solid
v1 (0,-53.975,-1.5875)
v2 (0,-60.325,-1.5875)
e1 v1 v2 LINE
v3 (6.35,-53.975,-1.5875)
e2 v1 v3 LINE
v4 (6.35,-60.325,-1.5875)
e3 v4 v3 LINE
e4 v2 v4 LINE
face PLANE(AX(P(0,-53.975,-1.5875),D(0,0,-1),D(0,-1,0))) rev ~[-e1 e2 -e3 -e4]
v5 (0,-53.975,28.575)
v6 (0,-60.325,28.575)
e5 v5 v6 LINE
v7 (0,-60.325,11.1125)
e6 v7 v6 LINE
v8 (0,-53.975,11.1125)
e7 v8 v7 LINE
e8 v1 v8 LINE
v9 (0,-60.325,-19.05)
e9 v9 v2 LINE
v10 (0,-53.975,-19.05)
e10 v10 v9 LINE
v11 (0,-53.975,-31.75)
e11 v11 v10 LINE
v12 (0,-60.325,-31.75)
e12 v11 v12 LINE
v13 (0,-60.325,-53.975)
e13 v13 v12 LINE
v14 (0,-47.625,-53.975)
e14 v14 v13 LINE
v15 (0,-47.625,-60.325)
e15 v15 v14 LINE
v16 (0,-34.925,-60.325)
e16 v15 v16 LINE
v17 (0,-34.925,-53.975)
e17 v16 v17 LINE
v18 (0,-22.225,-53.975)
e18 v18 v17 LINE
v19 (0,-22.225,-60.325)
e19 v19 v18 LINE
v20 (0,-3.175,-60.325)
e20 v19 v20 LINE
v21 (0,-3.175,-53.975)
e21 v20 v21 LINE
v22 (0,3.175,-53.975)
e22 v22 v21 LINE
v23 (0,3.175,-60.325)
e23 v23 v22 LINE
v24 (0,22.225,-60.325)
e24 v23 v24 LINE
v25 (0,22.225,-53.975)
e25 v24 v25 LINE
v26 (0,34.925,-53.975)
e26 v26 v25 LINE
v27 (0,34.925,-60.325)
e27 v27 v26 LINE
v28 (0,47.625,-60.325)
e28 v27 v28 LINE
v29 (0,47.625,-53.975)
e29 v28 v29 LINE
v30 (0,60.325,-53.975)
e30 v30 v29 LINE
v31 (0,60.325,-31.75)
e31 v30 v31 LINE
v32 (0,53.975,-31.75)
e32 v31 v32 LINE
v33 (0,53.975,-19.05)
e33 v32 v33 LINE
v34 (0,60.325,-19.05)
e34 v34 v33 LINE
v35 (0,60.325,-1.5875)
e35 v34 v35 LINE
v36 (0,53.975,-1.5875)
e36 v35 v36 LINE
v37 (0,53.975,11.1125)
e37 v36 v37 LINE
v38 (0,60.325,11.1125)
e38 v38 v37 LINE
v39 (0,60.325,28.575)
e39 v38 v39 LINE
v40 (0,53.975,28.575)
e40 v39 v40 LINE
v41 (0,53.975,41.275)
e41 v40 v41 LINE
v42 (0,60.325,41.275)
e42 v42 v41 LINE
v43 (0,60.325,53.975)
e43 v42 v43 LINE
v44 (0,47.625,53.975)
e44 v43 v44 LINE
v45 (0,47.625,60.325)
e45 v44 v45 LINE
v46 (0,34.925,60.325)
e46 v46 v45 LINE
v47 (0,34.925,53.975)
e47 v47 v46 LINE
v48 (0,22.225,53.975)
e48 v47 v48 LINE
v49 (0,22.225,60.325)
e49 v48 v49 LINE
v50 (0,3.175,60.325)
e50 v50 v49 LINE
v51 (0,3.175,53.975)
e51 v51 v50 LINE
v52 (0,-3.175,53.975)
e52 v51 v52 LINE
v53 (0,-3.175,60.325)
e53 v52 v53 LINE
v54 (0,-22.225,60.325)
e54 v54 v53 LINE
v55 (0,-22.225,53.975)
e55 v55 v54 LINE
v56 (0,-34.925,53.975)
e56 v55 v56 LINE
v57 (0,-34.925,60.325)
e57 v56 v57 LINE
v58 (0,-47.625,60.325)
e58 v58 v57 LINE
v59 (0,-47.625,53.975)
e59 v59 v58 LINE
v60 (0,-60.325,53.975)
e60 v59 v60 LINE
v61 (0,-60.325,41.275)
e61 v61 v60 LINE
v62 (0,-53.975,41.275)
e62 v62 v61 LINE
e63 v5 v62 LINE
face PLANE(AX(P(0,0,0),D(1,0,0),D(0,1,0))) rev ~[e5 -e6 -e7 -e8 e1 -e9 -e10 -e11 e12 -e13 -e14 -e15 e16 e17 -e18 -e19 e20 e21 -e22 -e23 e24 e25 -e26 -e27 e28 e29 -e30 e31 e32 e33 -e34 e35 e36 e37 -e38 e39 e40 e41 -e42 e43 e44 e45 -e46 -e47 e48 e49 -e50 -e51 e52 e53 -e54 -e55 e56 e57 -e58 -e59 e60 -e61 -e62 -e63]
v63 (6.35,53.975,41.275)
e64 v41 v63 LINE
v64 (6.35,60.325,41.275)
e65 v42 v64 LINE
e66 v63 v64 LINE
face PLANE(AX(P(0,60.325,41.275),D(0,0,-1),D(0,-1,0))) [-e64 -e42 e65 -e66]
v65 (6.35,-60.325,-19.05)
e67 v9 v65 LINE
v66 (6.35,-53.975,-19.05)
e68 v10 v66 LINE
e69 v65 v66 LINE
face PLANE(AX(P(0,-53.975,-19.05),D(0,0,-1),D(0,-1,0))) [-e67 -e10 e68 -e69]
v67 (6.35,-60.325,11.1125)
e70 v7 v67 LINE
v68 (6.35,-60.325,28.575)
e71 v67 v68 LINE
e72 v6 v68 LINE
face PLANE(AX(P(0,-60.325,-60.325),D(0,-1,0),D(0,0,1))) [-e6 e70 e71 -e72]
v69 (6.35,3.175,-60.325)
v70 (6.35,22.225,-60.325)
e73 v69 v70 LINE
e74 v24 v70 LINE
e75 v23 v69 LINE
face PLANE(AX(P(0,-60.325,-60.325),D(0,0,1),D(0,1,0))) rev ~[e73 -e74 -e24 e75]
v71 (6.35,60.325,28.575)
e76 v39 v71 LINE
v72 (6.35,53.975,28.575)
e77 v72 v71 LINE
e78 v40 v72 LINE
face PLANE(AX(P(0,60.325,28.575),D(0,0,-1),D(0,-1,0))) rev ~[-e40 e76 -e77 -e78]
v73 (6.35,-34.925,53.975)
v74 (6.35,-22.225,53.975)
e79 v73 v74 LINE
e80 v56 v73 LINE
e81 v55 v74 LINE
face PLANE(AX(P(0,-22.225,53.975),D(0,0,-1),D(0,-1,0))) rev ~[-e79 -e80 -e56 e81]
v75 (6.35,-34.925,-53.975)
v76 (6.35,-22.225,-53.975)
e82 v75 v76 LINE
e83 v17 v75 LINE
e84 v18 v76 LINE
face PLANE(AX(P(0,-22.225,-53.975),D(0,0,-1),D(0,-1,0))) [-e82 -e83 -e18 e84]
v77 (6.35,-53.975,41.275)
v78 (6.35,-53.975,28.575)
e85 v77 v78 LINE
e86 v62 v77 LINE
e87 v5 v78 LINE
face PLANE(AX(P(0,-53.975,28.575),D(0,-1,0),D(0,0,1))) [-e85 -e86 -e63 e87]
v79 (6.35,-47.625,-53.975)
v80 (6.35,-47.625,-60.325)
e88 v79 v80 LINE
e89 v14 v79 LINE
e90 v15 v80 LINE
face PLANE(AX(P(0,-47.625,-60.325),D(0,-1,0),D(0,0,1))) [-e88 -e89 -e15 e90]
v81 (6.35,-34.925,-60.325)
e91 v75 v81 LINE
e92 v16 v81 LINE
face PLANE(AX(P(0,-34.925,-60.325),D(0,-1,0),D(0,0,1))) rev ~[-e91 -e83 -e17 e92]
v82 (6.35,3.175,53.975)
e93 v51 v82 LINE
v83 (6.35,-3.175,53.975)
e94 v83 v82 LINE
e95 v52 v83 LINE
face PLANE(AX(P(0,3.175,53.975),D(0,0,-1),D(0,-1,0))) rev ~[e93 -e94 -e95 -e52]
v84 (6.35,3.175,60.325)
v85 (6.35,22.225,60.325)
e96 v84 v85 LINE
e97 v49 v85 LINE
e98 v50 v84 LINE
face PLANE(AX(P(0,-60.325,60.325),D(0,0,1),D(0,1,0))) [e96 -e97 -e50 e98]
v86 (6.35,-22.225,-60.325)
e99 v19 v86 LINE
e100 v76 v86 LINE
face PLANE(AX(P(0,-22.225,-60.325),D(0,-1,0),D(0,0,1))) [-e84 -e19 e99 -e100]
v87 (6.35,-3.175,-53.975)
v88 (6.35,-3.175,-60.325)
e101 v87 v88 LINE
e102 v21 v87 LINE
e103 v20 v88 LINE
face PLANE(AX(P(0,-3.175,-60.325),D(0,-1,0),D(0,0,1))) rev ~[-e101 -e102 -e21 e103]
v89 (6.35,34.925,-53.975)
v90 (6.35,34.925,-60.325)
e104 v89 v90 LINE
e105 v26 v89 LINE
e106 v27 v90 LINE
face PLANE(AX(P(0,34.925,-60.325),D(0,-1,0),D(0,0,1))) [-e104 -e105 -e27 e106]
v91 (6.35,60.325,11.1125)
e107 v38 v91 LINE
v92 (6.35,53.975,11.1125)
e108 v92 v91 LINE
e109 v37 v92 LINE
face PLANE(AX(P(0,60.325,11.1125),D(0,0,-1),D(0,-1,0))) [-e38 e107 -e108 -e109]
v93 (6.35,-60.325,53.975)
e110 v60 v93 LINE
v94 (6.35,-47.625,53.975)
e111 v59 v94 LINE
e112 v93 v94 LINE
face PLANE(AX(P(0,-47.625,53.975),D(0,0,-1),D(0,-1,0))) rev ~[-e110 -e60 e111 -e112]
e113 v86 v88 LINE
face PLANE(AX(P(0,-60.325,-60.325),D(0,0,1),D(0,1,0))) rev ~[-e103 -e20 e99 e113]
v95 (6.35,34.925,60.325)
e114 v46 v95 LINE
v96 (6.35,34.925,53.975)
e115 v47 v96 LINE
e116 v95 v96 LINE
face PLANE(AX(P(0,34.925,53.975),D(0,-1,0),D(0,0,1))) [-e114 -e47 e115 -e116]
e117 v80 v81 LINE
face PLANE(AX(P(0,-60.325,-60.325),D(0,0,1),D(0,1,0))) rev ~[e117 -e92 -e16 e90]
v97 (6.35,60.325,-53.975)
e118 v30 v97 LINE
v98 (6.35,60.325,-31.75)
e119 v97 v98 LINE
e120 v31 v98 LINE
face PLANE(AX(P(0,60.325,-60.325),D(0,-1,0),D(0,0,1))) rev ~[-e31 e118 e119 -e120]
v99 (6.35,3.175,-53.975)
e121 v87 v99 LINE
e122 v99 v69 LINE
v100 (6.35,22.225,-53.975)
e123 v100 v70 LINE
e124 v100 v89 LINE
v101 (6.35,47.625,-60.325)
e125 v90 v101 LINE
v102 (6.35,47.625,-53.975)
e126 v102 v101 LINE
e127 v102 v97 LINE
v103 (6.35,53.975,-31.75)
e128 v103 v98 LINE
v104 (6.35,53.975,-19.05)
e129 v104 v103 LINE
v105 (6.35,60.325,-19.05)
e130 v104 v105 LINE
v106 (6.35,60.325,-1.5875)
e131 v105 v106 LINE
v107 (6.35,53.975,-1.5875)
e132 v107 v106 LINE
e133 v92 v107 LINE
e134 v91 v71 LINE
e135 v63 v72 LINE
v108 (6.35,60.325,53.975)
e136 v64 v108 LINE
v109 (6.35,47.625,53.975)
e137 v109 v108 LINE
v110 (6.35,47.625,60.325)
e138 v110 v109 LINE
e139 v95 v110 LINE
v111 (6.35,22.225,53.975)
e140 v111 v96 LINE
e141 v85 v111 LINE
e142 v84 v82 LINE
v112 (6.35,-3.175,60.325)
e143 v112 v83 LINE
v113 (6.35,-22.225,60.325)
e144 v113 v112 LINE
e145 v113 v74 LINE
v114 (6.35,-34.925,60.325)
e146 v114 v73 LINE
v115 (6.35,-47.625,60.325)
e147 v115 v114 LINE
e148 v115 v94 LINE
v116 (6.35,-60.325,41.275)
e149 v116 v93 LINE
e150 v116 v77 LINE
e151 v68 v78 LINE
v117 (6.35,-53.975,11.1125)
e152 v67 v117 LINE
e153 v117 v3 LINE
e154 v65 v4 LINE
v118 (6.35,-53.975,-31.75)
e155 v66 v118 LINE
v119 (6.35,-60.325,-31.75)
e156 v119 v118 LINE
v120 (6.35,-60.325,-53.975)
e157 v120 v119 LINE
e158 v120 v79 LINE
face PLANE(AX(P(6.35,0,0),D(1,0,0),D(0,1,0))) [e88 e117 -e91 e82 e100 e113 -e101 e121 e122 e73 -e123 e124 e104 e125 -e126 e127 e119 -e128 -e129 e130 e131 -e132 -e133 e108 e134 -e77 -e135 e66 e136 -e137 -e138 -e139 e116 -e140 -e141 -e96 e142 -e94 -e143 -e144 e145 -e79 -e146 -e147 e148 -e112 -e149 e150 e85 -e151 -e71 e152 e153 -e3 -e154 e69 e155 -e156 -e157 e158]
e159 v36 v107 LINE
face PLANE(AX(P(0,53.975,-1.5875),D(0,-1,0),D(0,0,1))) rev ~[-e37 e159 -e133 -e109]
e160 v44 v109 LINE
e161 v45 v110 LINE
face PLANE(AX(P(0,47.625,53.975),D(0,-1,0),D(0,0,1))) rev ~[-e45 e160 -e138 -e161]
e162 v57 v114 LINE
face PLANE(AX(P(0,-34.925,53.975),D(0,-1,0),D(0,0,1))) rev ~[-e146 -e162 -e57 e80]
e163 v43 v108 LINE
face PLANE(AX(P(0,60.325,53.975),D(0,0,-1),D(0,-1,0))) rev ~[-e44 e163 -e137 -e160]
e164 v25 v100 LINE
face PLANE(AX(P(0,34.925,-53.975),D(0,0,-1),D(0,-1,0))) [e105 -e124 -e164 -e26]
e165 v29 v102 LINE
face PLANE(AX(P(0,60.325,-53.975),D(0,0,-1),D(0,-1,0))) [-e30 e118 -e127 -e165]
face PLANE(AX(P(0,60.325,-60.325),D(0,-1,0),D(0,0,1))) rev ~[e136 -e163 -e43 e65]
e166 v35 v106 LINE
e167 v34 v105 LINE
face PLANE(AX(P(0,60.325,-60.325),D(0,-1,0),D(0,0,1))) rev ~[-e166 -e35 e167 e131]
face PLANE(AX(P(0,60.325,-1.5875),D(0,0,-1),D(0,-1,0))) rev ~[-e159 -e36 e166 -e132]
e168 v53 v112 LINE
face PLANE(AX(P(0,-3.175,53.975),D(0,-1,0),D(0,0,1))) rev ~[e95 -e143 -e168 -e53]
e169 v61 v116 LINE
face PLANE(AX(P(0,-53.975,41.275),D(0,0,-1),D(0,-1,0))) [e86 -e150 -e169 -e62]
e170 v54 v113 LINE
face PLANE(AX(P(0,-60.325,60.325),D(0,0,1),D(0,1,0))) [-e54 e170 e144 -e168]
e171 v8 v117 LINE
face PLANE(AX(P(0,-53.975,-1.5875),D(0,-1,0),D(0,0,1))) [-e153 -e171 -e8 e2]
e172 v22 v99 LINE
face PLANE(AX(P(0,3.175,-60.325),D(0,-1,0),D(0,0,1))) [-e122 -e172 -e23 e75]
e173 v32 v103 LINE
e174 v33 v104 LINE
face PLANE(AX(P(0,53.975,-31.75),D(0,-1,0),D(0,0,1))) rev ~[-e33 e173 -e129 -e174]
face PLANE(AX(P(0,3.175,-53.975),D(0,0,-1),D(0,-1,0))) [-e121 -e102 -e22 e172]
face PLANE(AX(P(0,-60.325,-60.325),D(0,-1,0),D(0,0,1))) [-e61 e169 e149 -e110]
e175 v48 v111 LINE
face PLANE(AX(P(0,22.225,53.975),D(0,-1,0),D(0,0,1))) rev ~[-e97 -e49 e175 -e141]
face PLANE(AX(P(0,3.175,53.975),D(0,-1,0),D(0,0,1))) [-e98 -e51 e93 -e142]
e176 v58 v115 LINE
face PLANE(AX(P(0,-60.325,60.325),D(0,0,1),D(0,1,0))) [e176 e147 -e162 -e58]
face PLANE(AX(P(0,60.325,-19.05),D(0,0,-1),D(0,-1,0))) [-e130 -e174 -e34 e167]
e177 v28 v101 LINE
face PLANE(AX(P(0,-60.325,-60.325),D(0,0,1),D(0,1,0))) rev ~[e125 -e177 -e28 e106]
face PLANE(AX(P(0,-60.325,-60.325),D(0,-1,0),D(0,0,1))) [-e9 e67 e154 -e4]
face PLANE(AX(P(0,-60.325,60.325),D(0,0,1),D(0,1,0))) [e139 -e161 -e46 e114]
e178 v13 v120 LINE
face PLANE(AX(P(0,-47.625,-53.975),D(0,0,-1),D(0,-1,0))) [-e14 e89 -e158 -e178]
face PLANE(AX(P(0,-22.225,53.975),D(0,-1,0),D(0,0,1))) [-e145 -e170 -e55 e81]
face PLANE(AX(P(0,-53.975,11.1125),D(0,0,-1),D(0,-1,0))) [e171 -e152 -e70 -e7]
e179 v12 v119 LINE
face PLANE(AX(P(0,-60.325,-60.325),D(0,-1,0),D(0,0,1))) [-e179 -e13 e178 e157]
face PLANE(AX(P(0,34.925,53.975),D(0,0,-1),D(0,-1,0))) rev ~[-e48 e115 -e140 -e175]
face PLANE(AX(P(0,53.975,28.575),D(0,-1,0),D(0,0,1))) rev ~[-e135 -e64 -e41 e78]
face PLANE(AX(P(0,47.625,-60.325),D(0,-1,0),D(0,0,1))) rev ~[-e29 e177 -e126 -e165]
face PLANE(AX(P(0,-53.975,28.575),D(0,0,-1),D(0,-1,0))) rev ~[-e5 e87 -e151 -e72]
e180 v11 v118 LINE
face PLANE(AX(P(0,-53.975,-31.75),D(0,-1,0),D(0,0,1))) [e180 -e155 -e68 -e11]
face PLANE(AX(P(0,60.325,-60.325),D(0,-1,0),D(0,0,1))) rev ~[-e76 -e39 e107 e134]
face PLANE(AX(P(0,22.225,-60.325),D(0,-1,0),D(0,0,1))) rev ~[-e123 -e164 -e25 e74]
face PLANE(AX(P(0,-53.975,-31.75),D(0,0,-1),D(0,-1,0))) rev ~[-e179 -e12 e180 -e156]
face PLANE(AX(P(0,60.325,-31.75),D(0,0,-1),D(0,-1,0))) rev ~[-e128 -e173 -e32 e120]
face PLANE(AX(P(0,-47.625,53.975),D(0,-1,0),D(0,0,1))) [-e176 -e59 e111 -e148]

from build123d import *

# Parameters (mm, degrees)
F0_W      = 120.65
F0_H      = 120.65
F1_DEPTH  = 6.35
F2_W      = 12.7
F2_H      = 6.35
F3_DEPTH  = 6.351
F4_W      = 12.7
F4_H      = 6.35
F5_DEPTH  = 6.351
F6_W      = 6.35
F6_H      = 6.35
F7_DEPTH  = 6.351
F8_W      = 12.7
F8_H      = 6.35
F9_DEPTH  = 6.351
F10_W     = 12.7
F10_H     = 6.35
F11_DEPTH = 6.351
F12_W     = 6.35
F12_H     = 12.7
F13_DEPTH = 6.351
F14_W     = 6.35
F14_H     = 12.7
F15_DEPTH = 6.351
F16_W     = 6.35
F16_H     = 12.7
F17_DEPTH = 6.351
F18_W     = 12.7
F18_H     = 6.35
F19_DEPTH = 6.351
F20_W     = 12.7
F20_H     = 6.35
F20_W_2   = 6.35
F21_DEPTH = 6.351
F22_W     = 6.35
F22_H     = 12.7
F23_DEPTH = 6.351
F24_W     = 6.35
F24_H     = 12.7
F25_DEPTH = 6.351


with BuildPart() as f1:
    # F0 (on Right) → F1 (new body)
    with BuildSketch(Plane.YZ):
        Rectangle(F0_W, F0_H)
    extrude(amount=F1_DEPTH)

    # F2 (on face) → F3 (cut, through all)
    with BuildSketch(Plane(origin=(0, 0, 0), x_dir=(0, -1, 0), z_dir=(-1, 0, 0))):
        with Locations((53.975, 57.15)):
            Rectangle(F2_W, F2_H)
    extrude(amount=-F3_DEPTH, mode=Mode.SUBTRACT)

    # F4 (on face) → F5 (cut, through all)
    with BuildSketch(Plane(origin=(0, 0, 0), x_dir=(0, -1, 0), z_dir=(-1, 0, 0))):
        with Locations((28.575, 57.15)):
            Rectangle(F4_W, F4_H)
    extrude(amount=-F5_DEPTH, mode=Mode.SUBTRACT)

    # F6 (on face) → F7 (cut, through all)
    with BuildSketch(Plane(origin=(0, 0, 0), x_dir=(0, -1, 0), z_dir=(-1, 0, 0))):
        with Locations((0, 57.15)):
            Rectangle(F6_W, F6_H)
    extrude(amount=-F7_DEPTH, mode=Mode.SUBTRACT)

    # F8 (on face) → F9 (cut, through all)
    with BuildSketch(Plane(origin=(0, 0, 0), x_dir=(0, -1, 0), z_dir=(-1, 0, 0))):
        with Locations((-53.975, 57.15)):
            Rectangle(F8_W, F8_H)
    extrude(amount=-F9_DEPTH, mode=Mode.SUBTRACT)

    # F10 (on face) → F11 (cut, through all)
    with BuildSketch(Plane(origin=(0, 0, 0), x_dir=(0, -1, 0), z_dir=(-1, 0, 0))):
        with Locations((-28.575, 57.15)):
            Rectangle(F10_W, F10_H)
    extrude(amount=-F11_DEPTH, mode=Mode.SUBTRACT)

    # F12 (on face) → F13 (cut, through all)
    with BuildSketch(Plane(origin=(0, 0, 0), x_dir=(0, -1, 0), z_dir=(-1, 0, 0))):
        with Locations((-57.15, 34.925)):
            Rectangle(F12_W, F12_H)
    extrude(amount=-F13_DEPTH, mode=Mode.SUBTRACT)

    # F14 (on face) → F15 (cut, through all)
    with BuildSketch(Plane(origin=(0, 0, 0), x_dir=(0, -1, 0), z_dir=(-1, 0, 0))):
        with Locations((-57.15, 4.7625)):
            Rectangle(F14_W, F14_H)
    extrude(amount=-F15_DEPTH, mode=Mode.SUBTRACT)

    # F16 (on face) → F17 (cut, through all)
    with BuildSketch(Plane(origin=(0, 0, 0), x_dir=(0, -1, 0), z_dir=(-1, 0, 0))):
        with Locations((-57.15, -25.4)):
            Rectangle(F16_W, F16_H)
    extrude(amount=-F17_DEPTH, mode=Mode.SUBTRACT)

    # F18 (on face) → F19 (cut, through all)
    with BuildSketch(Plane(origin=(0, 0, 0), x_dir=(0, -1, 0), z_dir=(-1, 0, 0))):
        with Locations((-53.975, -57.15)):
            Rectangle(F18_W, F18_H)
        with Locations((53.975, -57.15)):
            Rectangle(F18_W, F18_H)
    extrude(amount=-F19_DEPTH, mode=Mode.SUBTRACT)

    # F20 (on face) → F21 (cut, through all)
    with BuildSketch(Plane(origin=(0, 0, 0), x_dir=(0, -1, 0), z_dir=(-1, 0, 0))):
        with Locations((-28.575, -57.15)):
            Rectangle(F20_W, F20_H)
        with Locations((0, -57.15)):
            Rectangle(F20_W_2, F20_H)
        with Locations((28.575, -57.15)):
            Rectangle(F20_W, F20_H)
    extrude(amount=-F21_DEPTH, mode=Mode.SUBTRACT)

    # F22 (on face) → F23 (cut, through all)
    with BuildSketch(Plane(origin=(0, 0, 0), x_dir=(0, -1, 0), z_dir=(-1, 0, 0))):
        with Locations((57.15, 34.925)):
            Rectangle(F22_W, F22_H)
        with Locations((57.15, 4.7625)):
            Rectangle(F22_W, F22_H)
    extrude(amount=-F23_DEPTH, mode=Mode.SUBTRACT)

    # F24 (on face) → F25 (cut, through all)
    with BuildSketch(Plane(origin=(0, 0, 0), x_dir=(0, -1, 0), z_dir=(-1, 0, 0))):
        with Locations((57.15, -25.4)):
            Rectangle(F24_W, F24_H)
    extrude(amount=-F25_DEPTH, mode=Mode.SUBTRACT)


solid = f1.part
